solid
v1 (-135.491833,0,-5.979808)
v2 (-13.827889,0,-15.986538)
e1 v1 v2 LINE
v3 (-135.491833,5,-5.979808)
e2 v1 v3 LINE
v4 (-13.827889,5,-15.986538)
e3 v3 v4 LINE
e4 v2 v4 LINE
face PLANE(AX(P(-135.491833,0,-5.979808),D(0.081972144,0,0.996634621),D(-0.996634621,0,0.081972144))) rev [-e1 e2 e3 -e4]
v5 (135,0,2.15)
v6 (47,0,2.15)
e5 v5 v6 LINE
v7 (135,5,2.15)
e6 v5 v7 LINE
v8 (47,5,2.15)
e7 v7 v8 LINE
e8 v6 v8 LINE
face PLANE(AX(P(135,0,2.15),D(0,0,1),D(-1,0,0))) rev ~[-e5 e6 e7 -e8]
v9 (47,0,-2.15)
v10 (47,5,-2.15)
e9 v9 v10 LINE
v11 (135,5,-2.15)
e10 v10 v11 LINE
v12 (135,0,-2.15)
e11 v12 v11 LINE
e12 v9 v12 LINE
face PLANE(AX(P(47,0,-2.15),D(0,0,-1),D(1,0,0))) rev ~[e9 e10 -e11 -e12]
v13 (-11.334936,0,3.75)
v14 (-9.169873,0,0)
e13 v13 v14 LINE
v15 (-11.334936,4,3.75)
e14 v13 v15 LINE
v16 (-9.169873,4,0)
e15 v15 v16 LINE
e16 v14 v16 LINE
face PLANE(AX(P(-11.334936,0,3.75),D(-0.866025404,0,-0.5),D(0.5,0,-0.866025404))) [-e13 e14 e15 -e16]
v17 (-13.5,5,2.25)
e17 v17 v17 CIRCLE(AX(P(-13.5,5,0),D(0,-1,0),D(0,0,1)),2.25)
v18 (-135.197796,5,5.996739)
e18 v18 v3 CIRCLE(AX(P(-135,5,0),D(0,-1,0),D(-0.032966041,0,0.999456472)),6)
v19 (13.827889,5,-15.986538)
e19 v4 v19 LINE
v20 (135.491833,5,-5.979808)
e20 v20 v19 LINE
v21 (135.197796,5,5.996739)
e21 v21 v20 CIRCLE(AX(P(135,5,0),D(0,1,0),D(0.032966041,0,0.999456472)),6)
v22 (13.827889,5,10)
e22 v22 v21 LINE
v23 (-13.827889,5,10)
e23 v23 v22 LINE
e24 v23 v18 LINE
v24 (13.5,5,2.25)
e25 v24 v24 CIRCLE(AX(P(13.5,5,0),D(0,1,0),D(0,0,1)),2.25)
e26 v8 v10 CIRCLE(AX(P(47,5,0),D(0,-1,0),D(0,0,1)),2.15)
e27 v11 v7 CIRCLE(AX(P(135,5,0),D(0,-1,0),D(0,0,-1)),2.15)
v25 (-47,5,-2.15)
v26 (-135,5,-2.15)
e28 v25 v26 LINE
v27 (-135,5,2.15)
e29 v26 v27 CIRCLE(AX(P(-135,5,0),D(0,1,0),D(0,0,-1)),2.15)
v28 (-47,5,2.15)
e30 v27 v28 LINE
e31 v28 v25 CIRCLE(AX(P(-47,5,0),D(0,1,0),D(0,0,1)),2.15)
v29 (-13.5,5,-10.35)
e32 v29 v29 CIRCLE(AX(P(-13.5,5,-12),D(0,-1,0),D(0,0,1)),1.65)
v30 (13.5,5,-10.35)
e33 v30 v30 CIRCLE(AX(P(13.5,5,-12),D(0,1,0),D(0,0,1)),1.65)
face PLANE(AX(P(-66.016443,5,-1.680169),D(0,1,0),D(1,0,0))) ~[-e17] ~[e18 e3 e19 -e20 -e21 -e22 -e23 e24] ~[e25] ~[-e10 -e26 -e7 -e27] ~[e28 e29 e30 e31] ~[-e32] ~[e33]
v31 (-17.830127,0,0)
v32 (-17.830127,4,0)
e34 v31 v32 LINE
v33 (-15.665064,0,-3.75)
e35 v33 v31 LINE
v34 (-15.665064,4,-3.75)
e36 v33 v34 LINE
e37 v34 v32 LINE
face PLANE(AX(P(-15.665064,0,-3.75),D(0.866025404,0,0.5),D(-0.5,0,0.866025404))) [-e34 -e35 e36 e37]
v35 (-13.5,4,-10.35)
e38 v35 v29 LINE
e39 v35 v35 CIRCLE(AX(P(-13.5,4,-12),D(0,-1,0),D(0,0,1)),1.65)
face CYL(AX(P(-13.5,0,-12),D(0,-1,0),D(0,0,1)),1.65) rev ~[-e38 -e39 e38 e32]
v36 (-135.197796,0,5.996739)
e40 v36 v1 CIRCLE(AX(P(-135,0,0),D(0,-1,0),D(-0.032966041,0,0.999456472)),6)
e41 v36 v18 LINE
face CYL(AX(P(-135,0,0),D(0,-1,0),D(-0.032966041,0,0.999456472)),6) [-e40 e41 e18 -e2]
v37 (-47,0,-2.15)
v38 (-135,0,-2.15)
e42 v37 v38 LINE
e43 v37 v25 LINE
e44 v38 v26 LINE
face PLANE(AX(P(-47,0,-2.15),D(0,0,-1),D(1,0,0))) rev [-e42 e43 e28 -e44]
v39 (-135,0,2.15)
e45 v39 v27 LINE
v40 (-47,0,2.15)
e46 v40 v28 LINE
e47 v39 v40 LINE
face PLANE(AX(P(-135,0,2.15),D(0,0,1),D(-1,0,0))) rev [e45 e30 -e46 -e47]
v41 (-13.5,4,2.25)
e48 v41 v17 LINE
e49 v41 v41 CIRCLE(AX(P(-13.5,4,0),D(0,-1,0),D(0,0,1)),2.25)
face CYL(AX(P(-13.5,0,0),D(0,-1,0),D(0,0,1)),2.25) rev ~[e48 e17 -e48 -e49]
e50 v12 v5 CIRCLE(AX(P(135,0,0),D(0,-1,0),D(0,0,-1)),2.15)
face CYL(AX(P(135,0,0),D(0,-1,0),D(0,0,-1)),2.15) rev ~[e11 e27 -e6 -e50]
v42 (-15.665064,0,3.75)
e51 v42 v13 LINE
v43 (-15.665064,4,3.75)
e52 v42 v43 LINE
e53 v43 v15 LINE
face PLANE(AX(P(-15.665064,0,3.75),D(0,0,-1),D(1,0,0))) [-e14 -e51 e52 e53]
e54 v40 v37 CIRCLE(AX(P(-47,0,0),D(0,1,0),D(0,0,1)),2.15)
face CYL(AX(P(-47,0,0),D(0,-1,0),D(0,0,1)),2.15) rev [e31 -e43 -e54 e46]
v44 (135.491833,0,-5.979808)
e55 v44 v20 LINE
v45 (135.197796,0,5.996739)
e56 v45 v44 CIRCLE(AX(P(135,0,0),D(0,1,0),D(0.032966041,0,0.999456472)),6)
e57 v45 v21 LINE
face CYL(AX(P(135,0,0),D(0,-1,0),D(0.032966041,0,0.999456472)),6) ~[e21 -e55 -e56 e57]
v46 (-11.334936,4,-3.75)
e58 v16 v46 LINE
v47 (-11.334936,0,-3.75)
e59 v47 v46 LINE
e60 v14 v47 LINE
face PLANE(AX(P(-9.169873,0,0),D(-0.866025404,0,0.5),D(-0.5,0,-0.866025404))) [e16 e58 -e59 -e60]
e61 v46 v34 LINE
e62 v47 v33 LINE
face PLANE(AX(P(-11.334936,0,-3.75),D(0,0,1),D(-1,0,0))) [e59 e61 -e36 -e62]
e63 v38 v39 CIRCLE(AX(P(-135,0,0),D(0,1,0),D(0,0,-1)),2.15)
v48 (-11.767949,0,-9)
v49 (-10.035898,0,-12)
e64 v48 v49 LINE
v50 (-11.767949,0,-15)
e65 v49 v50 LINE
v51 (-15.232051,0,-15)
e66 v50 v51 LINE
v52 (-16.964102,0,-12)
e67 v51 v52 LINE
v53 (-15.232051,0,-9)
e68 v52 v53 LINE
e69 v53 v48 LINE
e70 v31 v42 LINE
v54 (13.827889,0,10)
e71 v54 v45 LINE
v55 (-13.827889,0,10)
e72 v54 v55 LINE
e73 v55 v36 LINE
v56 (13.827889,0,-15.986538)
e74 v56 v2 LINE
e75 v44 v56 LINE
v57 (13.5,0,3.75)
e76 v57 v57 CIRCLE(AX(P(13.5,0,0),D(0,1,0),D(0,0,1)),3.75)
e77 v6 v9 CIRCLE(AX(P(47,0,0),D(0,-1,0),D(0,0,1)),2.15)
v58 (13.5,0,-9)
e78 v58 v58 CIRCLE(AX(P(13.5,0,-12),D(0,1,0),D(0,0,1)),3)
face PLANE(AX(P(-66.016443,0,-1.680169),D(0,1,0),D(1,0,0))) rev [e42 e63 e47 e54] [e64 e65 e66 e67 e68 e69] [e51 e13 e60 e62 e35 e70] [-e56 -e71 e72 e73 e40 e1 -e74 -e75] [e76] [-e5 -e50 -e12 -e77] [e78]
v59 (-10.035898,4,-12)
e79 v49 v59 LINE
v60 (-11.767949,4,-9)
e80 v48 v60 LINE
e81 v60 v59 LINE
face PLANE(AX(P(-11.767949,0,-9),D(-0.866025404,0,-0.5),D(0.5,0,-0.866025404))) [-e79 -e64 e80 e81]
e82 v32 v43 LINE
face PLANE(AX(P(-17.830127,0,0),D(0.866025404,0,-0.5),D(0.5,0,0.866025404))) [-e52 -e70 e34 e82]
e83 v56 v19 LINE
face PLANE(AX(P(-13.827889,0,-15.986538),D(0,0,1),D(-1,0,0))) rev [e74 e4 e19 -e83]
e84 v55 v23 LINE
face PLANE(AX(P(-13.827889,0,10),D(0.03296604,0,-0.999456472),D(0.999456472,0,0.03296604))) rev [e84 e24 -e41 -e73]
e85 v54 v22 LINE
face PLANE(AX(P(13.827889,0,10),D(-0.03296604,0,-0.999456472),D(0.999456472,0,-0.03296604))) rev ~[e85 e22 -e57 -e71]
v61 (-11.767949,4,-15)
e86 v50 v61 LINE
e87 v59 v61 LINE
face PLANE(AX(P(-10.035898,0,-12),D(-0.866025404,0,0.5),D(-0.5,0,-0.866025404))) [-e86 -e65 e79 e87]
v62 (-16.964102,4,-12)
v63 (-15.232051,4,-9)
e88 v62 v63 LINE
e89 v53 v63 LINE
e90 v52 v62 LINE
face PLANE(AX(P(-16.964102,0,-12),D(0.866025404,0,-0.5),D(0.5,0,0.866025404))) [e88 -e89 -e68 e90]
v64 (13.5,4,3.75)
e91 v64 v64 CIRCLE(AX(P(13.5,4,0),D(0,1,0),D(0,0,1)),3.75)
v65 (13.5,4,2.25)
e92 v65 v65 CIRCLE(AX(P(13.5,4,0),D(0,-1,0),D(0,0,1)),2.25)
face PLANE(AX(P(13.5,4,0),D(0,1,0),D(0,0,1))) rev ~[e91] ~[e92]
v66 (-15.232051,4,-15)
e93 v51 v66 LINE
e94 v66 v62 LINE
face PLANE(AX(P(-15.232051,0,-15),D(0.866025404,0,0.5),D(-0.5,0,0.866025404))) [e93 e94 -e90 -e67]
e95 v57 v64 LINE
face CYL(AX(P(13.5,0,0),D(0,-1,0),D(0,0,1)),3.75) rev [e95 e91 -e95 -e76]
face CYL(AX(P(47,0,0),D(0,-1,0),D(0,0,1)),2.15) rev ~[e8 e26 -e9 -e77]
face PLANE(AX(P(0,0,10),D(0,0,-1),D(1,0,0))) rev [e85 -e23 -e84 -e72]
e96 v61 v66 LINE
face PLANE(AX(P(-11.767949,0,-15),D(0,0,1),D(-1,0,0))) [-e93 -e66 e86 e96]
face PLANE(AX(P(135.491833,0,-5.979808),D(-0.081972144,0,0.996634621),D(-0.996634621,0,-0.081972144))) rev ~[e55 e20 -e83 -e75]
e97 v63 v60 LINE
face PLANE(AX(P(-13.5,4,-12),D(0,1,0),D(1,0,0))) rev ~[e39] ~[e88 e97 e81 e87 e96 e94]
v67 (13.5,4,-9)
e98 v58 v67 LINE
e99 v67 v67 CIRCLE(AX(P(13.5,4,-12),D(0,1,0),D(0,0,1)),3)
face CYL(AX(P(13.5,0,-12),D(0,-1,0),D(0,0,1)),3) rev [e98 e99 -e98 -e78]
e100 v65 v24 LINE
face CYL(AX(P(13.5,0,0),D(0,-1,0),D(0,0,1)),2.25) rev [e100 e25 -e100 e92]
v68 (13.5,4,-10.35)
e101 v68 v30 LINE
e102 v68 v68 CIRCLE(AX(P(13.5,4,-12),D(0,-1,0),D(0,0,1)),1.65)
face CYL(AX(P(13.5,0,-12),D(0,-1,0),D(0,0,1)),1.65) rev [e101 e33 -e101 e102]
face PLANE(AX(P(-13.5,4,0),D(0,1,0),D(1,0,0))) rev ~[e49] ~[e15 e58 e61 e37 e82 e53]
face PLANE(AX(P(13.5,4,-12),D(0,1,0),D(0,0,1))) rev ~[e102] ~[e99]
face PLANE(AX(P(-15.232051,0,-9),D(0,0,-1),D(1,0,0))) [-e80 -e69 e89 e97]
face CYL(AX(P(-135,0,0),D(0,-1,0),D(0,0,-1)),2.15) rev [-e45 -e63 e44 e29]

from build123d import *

# Parameters (mm, degrees)
SKETCH1_R           = 2.25
SKETCH1_R_2         = 1.65
BOSS_EXTRUDE1_DEPTH = 5
SKETCH3_R           = 3.75
SKETCH3_R_2         = 3
CUT_EXTRUDE1_DEPTH  = 4


with BuildPart() as part:
    # Sketch1 → Boss-Extrude1 (new body)
    with BuildSketch(Plane(origin=(0, 0, 0), x_dir=(1, 0, 0), z_dir=(0, 1, 0))):
        with BuildLine():
            Line((0, 15.986538484), (0, -10))
            Line((0, -10), (13.827888575, -10))
            Line((13.827888575, -10), (135.197796243, -5.996738834))
            ThreePointArc((135.197796243, -5.996738834), (140.998192557, -0.147261838), (135.491832862, 5.979807726))
            Line((135.491832862, 5.979807726), (13.827888575, 15.986538484))
            Line((13.827888575, 15.986538484), (0, 15.986538484))
        make_face()
        with Locations(Location((13.5, 0, 0), (0, 0, 270))):
            Circle(SKETCH1_R, mode=Mode.SUBTRACT)
        with BuildLine():
            ThreePointArc((47, -2.15), (44.85, 0), (47, 2.15))
            Line((47, 2.15), (135, 2.15))
            ThreePointArc((135, 2.15), (137.15, 0), (135, -2.15))
            Line((135, -2.15), (47, -2.15))
        make_face(mode=Mode.SUBTRACT)
        with Locations(Location((13.5, 12, 0), (0, 0, 270))):
            Circle(SKETCH1_R_2, mode=Mode.SUBTRACT)
    extrude(amount=BOSS_EXTRUDE1_DEPTH)

    # Mirror1: part across plane


with BuildPart() as part_1:
    add(part.part)
    add(part.part.mirror(Plane(origin=(0, 0, 0), x_dir=(0, 0, 1), z_dir=(1, 0, 0))))

    # Sketch3 → Cut-Extrude1 (cut)
    with BuildSketch(Plane(origin=(0, 0, 0), x_dir=(1, 0, 0), z_dir=(0, 1, 0))):
        with Locations(Location((13.5, 0, 0), (0, 0, 270))):
            Circle(SKETCH3_R)
        with Locations(Location((13.5, 12, 0), (0, 0, 270))):
            Circle(SKETCH3_R_2)
        Polygon((-9.169872981, 0), (-11.334936491, 3.75), (-15.665063509, 3.75), (-17.830127019, 0), (-15.665063509, -3.75), (-11.334936491, -3.75), align=None)
        Polygon((-10.035898385, 12), (-11.767949192, 15), (-15.232050808, 15), (-16.964101615, 12), (-15.232050808, 9), (-11.767949192, 9), align=None)
    extrude(amount=CUT_EXTRUDE1_DEPTH, mode=Mode.SUBTRACT)


solid = part_1.part
